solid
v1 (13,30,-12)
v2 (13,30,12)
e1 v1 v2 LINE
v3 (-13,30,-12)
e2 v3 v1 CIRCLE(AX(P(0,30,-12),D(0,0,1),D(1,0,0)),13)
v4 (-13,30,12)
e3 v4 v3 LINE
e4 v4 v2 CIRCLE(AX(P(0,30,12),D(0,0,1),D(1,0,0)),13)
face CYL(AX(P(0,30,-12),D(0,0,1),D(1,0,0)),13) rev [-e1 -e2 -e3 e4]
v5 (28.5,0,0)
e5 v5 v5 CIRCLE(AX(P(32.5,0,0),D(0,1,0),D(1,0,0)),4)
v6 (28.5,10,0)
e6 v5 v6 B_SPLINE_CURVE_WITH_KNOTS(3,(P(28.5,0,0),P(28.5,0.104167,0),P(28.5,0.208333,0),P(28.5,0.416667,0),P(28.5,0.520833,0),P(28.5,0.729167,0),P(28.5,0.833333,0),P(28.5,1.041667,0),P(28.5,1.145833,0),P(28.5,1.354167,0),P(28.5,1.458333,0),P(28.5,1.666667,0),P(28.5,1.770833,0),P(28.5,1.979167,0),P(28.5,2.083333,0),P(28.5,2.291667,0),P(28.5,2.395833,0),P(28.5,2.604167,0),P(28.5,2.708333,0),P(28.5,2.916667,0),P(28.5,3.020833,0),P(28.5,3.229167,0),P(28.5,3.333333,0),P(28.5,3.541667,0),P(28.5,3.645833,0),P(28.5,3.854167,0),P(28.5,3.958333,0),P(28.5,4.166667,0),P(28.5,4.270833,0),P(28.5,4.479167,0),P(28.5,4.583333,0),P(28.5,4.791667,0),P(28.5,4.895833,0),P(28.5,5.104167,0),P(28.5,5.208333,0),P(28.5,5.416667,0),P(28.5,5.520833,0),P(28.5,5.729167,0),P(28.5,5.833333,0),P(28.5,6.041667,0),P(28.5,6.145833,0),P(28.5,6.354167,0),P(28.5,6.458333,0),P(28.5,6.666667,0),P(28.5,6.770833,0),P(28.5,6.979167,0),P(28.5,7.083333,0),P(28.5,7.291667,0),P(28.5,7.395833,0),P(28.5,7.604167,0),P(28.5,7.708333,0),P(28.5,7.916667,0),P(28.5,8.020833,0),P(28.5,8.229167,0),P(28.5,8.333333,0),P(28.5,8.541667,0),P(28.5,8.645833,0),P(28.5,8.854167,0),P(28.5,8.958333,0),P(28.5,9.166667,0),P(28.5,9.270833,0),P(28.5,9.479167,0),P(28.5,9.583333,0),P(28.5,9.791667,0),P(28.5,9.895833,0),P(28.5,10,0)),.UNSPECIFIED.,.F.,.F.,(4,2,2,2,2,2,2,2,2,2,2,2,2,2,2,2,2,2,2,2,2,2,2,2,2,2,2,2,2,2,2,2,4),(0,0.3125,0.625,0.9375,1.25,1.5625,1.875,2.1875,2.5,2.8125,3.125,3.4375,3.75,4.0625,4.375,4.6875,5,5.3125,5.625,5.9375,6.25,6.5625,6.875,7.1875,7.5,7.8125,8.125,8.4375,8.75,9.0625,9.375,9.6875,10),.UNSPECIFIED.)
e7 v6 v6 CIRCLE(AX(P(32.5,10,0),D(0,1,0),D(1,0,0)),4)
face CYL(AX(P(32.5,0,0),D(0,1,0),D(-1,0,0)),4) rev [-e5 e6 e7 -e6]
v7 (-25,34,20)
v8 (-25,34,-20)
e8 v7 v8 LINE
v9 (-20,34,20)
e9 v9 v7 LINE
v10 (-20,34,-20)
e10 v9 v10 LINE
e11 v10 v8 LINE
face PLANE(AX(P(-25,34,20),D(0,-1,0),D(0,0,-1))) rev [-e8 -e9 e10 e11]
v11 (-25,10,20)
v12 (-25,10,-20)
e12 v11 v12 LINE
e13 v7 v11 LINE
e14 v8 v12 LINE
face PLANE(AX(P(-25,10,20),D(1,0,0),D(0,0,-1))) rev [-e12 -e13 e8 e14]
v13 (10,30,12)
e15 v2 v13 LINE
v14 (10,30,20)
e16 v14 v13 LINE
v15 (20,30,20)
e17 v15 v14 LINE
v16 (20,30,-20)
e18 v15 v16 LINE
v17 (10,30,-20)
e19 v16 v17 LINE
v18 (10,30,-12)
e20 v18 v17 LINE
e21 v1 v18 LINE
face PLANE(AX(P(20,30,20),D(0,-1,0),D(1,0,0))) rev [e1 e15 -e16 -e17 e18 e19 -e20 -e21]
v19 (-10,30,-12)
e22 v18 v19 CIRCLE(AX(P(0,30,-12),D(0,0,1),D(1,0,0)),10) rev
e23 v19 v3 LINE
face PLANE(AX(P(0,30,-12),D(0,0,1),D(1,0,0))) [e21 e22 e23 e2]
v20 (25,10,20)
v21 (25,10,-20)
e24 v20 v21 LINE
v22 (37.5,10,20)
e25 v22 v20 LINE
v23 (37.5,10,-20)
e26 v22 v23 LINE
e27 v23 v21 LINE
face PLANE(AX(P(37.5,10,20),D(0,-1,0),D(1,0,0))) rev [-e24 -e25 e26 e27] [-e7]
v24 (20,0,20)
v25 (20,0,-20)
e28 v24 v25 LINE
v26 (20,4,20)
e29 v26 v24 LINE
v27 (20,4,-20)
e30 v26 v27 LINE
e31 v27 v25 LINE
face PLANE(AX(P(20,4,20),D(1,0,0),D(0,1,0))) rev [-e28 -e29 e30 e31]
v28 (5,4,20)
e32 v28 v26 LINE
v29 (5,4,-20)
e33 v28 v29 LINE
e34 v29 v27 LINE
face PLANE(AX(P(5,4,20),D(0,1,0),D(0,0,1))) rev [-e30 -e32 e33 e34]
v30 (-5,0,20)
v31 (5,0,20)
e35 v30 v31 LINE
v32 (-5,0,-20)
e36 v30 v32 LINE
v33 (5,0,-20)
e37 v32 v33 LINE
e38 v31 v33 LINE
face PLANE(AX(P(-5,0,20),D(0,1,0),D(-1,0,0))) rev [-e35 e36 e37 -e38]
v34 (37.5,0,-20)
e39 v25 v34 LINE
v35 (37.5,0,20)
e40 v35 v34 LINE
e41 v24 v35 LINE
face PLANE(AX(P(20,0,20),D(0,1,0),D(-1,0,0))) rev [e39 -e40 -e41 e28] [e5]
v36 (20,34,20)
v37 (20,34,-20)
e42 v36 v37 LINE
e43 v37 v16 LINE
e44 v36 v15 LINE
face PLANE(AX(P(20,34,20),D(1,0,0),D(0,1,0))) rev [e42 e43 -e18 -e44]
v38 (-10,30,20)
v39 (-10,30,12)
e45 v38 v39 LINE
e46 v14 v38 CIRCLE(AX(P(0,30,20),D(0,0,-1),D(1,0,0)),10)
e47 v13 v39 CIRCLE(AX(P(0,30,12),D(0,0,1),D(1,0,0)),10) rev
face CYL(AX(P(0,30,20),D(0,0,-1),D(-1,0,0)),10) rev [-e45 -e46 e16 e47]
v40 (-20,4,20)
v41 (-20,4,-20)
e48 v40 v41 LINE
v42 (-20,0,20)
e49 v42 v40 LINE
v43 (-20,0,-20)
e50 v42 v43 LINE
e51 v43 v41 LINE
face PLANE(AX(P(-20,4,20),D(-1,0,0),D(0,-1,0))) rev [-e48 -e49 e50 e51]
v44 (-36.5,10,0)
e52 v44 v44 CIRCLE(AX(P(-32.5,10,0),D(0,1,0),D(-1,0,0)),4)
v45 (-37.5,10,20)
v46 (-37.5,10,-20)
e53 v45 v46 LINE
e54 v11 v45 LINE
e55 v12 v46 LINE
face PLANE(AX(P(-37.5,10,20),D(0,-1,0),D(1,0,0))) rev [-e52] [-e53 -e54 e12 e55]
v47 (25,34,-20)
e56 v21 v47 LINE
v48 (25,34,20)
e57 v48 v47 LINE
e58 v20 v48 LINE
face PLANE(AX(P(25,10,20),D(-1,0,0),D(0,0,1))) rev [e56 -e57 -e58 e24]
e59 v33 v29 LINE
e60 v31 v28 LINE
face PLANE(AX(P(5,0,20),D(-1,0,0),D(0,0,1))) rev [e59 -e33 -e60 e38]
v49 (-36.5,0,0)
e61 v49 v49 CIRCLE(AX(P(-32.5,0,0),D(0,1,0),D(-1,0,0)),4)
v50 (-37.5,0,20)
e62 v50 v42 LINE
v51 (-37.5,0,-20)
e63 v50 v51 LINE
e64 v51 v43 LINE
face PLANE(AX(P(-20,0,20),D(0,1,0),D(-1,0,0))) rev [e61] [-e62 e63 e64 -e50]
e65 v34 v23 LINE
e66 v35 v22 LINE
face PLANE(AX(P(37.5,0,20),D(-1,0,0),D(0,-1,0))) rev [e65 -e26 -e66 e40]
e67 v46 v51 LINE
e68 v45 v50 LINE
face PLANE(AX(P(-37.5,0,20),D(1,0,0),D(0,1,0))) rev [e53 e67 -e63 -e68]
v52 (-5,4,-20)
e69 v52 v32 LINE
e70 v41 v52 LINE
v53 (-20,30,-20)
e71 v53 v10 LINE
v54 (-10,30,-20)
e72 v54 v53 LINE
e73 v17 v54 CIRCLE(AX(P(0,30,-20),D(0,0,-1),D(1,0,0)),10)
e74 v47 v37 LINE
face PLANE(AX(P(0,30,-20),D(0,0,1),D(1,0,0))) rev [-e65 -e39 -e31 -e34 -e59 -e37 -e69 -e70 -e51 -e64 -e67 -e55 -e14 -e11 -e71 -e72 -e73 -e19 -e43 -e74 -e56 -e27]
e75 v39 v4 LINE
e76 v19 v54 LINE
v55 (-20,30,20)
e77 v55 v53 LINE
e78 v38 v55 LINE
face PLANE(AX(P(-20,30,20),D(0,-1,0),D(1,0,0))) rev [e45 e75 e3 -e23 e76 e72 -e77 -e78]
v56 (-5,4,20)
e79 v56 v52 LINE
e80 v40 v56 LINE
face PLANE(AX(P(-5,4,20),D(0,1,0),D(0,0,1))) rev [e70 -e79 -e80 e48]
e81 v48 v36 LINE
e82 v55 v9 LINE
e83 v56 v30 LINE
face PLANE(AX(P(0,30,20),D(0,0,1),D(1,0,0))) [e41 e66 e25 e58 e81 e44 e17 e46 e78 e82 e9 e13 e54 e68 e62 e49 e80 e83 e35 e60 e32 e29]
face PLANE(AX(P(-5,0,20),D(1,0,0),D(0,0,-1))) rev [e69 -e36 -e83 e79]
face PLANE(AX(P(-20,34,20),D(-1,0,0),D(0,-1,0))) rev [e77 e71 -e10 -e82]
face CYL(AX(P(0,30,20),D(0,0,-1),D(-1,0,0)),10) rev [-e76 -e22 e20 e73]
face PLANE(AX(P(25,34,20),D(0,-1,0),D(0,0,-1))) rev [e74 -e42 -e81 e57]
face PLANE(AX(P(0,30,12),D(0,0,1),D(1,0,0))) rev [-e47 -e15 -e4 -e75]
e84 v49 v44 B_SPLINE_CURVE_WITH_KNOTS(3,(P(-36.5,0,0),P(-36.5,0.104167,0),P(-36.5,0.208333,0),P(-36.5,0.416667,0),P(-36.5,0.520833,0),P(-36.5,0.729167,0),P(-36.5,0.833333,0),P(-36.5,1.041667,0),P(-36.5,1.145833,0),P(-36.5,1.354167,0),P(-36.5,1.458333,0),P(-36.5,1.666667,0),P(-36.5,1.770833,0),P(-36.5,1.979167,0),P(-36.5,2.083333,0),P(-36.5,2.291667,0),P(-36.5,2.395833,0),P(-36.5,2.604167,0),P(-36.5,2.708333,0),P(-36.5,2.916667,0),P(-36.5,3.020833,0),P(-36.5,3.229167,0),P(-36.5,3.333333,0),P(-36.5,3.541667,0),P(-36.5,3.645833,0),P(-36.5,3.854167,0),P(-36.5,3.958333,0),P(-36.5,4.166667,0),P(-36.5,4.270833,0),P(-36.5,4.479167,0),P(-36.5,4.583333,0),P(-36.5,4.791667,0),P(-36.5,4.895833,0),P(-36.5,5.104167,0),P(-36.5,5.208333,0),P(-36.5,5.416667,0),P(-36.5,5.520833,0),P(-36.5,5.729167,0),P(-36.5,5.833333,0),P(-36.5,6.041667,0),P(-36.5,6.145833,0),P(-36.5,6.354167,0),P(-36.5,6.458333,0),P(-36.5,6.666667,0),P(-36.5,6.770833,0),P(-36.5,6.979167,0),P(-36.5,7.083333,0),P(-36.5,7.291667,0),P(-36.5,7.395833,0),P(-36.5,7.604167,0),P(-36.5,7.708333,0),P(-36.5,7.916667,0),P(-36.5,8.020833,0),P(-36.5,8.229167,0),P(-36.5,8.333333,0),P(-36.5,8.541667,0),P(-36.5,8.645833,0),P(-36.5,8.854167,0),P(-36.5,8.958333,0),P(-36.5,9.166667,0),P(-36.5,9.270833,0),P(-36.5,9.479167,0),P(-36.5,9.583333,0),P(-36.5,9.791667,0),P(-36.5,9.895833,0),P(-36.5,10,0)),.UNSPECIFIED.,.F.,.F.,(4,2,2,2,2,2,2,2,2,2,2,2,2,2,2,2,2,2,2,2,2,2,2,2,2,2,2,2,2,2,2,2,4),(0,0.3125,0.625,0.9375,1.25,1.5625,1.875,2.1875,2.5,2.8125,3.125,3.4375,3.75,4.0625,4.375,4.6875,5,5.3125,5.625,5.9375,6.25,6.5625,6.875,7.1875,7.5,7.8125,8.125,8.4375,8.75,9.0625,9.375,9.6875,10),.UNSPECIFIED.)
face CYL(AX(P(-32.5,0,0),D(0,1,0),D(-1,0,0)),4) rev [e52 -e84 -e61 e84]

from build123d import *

# Parameters (mm, degrees)
EXTRUDE_1_DEPTH     = 20
SKETCH_2_R          = 13
CUT_EXTRUDE_1_DEPTH = 12
SKETCH_3_R          = 4
CUT_EXTRUDE_2_DEPTH = 49.808298475


with BuildPart() as part:
    # 草图1 → 凸台-拉伸1 (new, symmetric)
    with BuildSketch(Plane.XY):
        with BuildLine():
            Line((-5, 0), (5, 0))
            Line((5, 0), (5, 4))
            Line((5, 4), (20, 4))
            Line((20, 4), (20, 0))
            Line((20, 0), (37.5, 0))
            Line((37.5, 0), (37.5, 10))
            Line((37.5, 10), (25, 10))
            Line((25, 10), (25, 34))
            Line((25, 34), (20, 34))
            Line((20, 34), (20, 30))
            Line((20, 30), (10, 30))
            ThreePointArc((10, 30), (0, 20), (-10, 30))
            Line((-10, 30), (-20, 30))
            Line((-20, 30), (-20, 34))
            Line((-20, 34), (-25, 34))
            Line((-25, 34), (-25, 10))
            Line((-25, 10), (-37.5, 10))
            Line((-37.5, 10), (-37.5, 0))
            Line((-37.5, 0), (-20, 0))
            Line((-20, 0), (-20, 4))
            Line((-20, 4), (-5, 4))
            Line((-5, 4), (-5, 0))
        make_face()
    extrude(amount=EXTRUDE_1_DEPTH, both=True)

    # 草图2 → 切除-拉伸1 (cut, symmetric)
    with BuildSketch(Plane.XY):
        with Locations((0, 30)):
            Circle(SKETCH_2_R)
    extrude(amount=CUT_EXTRUDE_1_DEPTH, both=True, mode=Mode.SUBTRACT)

    # 草图3 → 切除-拉伸2 (cut, through all)
    with BuildSketch(Plane(origin=(0, 10, 0), x_dir=(1, 0, 0), z_dir=(0, 1, 0))):
        with Locations(Location((-32.5, 0, 0), (0, 0, 180))):
            Circle(SKETCH_3_R)
        with Locations(Location((32.5, 0, 0), (0, 0, 180))):
            Circle(SKETCH_3_R)
    extrude(amount=-CUT_EXTRUDE_2_DEPTH, mode=Mode.SUBTRACT)


solid = part.part
